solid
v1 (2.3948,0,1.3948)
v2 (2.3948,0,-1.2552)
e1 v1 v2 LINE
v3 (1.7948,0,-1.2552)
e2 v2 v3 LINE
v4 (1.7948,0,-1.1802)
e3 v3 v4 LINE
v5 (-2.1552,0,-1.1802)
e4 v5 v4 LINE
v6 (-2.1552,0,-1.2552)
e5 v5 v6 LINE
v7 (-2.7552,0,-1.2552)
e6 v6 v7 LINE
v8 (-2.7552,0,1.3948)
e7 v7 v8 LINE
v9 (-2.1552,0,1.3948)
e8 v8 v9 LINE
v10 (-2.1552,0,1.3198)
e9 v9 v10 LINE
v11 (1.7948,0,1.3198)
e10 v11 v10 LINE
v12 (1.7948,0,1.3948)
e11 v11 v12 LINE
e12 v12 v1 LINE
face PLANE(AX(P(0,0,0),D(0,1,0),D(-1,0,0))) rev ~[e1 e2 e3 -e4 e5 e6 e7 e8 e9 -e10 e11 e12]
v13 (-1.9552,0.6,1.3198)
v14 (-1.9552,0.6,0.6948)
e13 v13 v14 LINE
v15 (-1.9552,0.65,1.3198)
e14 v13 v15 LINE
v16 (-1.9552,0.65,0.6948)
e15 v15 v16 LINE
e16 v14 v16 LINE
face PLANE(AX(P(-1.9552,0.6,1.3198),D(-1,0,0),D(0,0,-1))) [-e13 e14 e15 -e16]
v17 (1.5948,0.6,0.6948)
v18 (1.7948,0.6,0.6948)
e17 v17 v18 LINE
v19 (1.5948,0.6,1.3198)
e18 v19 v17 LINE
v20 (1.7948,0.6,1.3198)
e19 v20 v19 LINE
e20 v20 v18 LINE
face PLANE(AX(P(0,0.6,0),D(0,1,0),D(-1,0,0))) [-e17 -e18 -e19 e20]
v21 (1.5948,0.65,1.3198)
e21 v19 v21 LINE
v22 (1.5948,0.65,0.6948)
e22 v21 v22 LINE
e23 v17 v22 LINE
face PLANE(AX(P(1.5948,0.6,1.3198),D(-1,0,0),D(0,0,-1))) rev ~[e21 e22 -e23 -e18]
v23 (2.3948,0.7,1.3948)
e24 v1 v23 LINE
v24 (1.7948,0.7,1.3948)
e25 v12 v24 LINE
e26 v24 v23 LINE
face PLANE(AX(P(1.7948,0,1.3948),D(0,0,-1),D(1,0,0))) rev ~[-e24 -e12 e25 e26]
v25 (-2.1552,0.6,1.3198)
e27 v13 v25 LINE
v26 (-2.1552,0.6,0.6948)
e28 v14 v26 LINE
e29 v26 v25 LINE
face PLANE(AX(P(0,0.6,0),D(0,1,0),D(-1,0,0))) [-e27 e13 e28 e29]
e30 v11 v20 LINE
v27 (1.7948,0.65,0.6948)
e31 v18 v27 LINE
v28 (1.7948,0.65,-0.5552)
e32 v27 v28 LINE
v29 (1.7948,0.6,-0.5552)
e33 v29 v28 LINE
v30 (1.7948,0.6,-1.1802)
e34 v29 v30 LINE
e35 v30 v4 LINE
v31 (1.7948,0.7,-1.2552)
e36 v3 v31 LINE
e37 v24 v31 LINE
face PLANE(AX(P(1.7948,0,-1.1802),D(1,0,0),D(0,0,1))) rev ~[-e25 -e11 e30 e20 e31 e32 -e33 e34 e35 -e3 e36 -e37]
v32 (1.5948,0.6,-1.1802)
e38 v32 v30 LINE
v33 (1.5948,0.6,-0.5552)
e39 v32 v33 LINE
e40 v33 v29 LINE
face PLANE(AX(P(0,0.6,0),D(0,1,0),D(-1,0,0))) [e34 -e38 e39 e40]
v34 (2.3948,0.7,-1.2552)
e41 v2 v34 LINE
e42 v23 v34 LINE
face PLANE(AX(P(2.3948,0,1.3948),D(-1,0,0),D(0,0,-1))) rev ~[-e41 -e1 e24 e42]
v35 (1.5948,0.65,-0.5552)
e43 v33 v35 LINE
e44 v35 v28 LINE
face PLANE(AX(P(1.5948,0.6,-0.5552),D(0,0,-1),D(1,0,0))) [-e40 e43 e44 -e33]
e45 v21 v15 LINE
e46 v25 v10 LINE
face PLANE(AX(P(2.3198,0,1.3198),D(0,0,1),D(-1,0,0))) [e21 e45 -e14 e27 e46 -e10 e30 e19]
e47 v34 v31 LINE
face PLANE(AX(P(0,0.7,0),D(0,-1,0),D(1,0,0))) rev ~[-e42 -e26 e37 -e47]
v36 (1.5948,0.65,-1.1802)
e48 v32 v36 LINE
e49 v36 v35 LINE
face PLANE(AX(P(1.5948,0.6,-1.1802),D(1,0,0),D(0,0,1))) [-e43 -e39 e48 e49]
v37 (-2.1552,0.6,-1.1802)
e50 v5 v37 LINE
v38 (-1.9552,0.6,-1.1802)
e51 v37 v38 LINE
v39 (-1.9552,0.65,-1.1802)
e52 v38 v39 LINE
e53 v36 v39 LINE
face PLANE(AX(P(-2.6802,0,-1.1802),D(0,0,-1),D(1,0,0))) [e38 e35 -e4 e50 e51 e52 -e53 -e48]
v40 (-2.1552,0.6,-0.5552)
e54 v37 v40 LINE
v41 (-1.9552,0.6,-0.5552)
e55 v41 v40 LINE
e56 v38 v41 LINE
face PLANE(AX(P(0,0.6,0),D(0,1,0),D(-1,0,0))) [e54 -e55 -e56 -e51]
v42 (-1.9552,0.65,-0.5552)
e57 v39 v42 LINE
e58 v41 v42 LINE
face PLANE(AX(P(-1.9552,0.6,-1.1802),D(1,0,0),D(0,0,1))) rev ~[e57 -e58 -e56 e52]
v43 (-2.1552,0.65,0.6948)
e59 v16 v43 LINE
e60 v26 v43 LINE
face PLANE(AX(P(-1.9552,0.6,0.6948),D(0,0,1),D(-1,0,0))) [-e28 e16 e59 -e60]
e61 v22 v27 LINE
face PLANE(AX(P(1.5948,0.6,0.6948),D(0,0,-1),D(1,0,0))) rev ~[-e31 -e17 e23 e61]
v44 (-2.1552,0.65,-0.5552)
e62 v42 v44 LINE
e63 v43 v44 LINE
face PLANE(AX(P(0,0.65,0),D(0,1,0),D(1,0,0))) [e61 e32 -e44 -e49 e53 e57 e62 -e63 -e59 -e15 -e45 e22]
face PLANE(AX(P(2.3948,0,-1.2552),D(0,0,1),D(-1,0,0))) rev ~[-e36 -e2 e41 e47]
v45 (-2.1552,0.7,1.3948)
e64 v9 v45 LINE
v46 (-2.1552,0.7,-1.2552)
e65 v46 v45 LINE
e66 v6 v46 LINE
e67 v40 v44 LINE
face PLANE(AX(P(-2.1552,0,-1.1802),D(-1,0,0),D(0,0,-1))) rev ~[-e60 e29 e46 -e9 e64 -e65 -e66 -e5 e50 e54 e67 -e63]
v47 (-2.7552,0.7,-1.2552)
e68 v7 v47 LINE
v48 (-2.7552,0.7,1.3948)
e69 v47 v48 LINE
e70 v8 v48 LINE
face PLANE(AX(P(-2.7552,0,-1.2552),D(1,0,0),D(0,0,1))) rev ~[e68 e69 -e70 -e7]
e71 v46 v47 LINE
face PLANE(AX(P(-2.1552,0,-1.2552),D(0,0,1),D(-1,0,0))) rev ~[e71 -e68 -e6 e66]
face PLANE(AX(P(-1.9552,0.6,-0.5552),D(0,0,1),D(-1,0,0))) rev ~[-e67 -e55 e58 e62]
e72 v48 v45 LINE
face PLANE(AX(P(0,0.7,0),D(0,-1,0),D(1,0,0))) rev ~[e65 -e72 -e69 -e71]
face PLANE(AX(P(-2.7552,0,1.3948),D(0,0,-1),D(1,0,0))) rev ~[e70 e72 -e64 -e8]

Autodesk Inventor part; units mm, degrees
ref_plane "YZ Plane" through (0, 0, 0) normal (1, 0, 0) x (0, 1, 0)
ref_plane "XZ Plane" through (0, 0, 0) normal (0, 1, 0) x (-1, 0, 0)
ref_plane "XY Plane" through (0, 0, 0) normal (0, 0, 1) x (1, 0, 0)
sketch "Sketch1" plane through (0, 0, 0) normal (0, 1, 0) x (-1, 0, 0)
  line L0 (-2.3198, 1.3198) -> (2.6802, 1.3198)
  line L1 (2.6802, 1.3198) -> (2.6802, -1.1802)
  line L2 (2.6802, -1.1802) -> (-2.3198, -1.1802)
  line L3 (-2.3198, -1.1802) -> (-2.3198, 1.3198)
  point P0 (0, 0)
  dimension "d0" = 5
  dimension "d1" = 2.5
extrude "Extrusion1" add sketch "Sketch1" along normal blind 0.6
sketch "Sketch2" plane through (0, 0, 0) normal (0, -1, 0) x (1, 0, 0)
  line L0 (-2.6802, -1.1802) -> (2.3198, -1.1802) projected
  line L1 (2.3198, -1.1802) -> (2.3198, 1.3198) projected
  line L2 (-2.7552, 1.3948) -> (-2.1552, 1.3948)
  line L3 (-2.1552, 1.3948) -> (-2.1552, -1.2552)
  line L4 (-2.1552, -1.2552) -> (-2.7552, -1.2552)
  line L5 (-2.7552, -1.2552) -> (-2.7552, 1.3948)
  line L6 (2.3948, -1.2552) -> (1.7948, -1.2552)
  line L7 (1.7948, -1.2552) -> (1.7948, 1.3948)
  line L8 (1.7948, 1.3948) -> (2.3948, 1.3948)
  line L9 (2.3948, 1.3948) -> (2.3948, -1.2552)
  point P0 (0, 0)
  dimension "d4" = 0.6
  dimension "d5" = 0.6
  dimension "d6" = 5.15
  dimension "d7" = 0.075
  dimension "d8" = 2.65
  dimension "d9" = 2.65
  dimension "d11" = 0.075
  dimension "d12" = 0.075
extrude "Extrusion2" add sketch "Sketch2" against normal blind 0.7
sketch "Sketch3" plane through (0, 0.6, 0) normal (0, 1, 0) x (1, 0, 0)
  line L0 (1.7948, -1.3198) -> (1.7948, 1.1802) projected
  line L1 (1.7948, 1.1802) -> (-2.1552, 1.1802) projected
  line L2 (-2.1552, 1.1802) -> (1.7948, 1.1802)
  line L3 (1.7948, 1.1802) -> (1.7948, -1.3198)
  line L4 (1.7948, -1.3198) -> (-2.1552, -1.3198)
  line L5 (-2.1552, -1.3198) -> (-2.1552, 1.1802)
  line L6 (-2.1552, 1.1802) -> (-1.9552, 1.1802)
  line L7 (-1.9552, 1.1802) -> (-1.9552, 0.5552)
  line L8 (-1.9552, 0.5552) -> (-2.1552, 0.5552)
  line L9 (-2.1552, 0.5552) -> (-2.1552, 1.1802)
  line L10 (-2.1552, -1.3198) -> (-1.9552, -1.3198)
  line L11 (-1.9552, -1.3198) -> (-1.9552, -0.6948)
  line L12 (-1.9552, -0.6948) -> (-2.1552, -0.6948)
  line L13 (-2.1552, -0.6948) -> (-2.1552, -1.3198)
  line L14 (1.7948, 1.1802) -> (1.5948, 1.1802)
  line L15 (1.5948, 1.1802) -> (1.5948, 0.5552)
  line L16 (1.5948, 0.5552) -> (1.7948, 0.5552)
  line L17 (1.7948, 0.5552) -> (1.7948, 1.1802)
  line L18 (1.7948, -1.3198) -> (1.5948, -1.3198)
  line L19 (1.5948, -1.3198) -> (1.5948, -0.6948)
  line L20 (1.5948, -0.6948) -> (1.7948, -0.6948)
  line L21 (1.7948, -0.6948) -> (1.7948, -1.3198)
  point P0 (0, 0)
  dimension "d15" = 0.2
  dimension "d16" = 0.2
  dimension "d17" = 0.2
  dimension "d18" = 0.2
  dimension "d19" = 0.625
  dimension "d20" = 0.625
  dimension "d21" = 0.625
  dimension "d22" = 0.625
extrude "Extrusion3" add sketch "Sketch3" along normal blind 0.05 contours L20 L19 L4 L11 L12 L5 L8 L7 L1 L15 L16 L0
properties part number "2020Resistor"
